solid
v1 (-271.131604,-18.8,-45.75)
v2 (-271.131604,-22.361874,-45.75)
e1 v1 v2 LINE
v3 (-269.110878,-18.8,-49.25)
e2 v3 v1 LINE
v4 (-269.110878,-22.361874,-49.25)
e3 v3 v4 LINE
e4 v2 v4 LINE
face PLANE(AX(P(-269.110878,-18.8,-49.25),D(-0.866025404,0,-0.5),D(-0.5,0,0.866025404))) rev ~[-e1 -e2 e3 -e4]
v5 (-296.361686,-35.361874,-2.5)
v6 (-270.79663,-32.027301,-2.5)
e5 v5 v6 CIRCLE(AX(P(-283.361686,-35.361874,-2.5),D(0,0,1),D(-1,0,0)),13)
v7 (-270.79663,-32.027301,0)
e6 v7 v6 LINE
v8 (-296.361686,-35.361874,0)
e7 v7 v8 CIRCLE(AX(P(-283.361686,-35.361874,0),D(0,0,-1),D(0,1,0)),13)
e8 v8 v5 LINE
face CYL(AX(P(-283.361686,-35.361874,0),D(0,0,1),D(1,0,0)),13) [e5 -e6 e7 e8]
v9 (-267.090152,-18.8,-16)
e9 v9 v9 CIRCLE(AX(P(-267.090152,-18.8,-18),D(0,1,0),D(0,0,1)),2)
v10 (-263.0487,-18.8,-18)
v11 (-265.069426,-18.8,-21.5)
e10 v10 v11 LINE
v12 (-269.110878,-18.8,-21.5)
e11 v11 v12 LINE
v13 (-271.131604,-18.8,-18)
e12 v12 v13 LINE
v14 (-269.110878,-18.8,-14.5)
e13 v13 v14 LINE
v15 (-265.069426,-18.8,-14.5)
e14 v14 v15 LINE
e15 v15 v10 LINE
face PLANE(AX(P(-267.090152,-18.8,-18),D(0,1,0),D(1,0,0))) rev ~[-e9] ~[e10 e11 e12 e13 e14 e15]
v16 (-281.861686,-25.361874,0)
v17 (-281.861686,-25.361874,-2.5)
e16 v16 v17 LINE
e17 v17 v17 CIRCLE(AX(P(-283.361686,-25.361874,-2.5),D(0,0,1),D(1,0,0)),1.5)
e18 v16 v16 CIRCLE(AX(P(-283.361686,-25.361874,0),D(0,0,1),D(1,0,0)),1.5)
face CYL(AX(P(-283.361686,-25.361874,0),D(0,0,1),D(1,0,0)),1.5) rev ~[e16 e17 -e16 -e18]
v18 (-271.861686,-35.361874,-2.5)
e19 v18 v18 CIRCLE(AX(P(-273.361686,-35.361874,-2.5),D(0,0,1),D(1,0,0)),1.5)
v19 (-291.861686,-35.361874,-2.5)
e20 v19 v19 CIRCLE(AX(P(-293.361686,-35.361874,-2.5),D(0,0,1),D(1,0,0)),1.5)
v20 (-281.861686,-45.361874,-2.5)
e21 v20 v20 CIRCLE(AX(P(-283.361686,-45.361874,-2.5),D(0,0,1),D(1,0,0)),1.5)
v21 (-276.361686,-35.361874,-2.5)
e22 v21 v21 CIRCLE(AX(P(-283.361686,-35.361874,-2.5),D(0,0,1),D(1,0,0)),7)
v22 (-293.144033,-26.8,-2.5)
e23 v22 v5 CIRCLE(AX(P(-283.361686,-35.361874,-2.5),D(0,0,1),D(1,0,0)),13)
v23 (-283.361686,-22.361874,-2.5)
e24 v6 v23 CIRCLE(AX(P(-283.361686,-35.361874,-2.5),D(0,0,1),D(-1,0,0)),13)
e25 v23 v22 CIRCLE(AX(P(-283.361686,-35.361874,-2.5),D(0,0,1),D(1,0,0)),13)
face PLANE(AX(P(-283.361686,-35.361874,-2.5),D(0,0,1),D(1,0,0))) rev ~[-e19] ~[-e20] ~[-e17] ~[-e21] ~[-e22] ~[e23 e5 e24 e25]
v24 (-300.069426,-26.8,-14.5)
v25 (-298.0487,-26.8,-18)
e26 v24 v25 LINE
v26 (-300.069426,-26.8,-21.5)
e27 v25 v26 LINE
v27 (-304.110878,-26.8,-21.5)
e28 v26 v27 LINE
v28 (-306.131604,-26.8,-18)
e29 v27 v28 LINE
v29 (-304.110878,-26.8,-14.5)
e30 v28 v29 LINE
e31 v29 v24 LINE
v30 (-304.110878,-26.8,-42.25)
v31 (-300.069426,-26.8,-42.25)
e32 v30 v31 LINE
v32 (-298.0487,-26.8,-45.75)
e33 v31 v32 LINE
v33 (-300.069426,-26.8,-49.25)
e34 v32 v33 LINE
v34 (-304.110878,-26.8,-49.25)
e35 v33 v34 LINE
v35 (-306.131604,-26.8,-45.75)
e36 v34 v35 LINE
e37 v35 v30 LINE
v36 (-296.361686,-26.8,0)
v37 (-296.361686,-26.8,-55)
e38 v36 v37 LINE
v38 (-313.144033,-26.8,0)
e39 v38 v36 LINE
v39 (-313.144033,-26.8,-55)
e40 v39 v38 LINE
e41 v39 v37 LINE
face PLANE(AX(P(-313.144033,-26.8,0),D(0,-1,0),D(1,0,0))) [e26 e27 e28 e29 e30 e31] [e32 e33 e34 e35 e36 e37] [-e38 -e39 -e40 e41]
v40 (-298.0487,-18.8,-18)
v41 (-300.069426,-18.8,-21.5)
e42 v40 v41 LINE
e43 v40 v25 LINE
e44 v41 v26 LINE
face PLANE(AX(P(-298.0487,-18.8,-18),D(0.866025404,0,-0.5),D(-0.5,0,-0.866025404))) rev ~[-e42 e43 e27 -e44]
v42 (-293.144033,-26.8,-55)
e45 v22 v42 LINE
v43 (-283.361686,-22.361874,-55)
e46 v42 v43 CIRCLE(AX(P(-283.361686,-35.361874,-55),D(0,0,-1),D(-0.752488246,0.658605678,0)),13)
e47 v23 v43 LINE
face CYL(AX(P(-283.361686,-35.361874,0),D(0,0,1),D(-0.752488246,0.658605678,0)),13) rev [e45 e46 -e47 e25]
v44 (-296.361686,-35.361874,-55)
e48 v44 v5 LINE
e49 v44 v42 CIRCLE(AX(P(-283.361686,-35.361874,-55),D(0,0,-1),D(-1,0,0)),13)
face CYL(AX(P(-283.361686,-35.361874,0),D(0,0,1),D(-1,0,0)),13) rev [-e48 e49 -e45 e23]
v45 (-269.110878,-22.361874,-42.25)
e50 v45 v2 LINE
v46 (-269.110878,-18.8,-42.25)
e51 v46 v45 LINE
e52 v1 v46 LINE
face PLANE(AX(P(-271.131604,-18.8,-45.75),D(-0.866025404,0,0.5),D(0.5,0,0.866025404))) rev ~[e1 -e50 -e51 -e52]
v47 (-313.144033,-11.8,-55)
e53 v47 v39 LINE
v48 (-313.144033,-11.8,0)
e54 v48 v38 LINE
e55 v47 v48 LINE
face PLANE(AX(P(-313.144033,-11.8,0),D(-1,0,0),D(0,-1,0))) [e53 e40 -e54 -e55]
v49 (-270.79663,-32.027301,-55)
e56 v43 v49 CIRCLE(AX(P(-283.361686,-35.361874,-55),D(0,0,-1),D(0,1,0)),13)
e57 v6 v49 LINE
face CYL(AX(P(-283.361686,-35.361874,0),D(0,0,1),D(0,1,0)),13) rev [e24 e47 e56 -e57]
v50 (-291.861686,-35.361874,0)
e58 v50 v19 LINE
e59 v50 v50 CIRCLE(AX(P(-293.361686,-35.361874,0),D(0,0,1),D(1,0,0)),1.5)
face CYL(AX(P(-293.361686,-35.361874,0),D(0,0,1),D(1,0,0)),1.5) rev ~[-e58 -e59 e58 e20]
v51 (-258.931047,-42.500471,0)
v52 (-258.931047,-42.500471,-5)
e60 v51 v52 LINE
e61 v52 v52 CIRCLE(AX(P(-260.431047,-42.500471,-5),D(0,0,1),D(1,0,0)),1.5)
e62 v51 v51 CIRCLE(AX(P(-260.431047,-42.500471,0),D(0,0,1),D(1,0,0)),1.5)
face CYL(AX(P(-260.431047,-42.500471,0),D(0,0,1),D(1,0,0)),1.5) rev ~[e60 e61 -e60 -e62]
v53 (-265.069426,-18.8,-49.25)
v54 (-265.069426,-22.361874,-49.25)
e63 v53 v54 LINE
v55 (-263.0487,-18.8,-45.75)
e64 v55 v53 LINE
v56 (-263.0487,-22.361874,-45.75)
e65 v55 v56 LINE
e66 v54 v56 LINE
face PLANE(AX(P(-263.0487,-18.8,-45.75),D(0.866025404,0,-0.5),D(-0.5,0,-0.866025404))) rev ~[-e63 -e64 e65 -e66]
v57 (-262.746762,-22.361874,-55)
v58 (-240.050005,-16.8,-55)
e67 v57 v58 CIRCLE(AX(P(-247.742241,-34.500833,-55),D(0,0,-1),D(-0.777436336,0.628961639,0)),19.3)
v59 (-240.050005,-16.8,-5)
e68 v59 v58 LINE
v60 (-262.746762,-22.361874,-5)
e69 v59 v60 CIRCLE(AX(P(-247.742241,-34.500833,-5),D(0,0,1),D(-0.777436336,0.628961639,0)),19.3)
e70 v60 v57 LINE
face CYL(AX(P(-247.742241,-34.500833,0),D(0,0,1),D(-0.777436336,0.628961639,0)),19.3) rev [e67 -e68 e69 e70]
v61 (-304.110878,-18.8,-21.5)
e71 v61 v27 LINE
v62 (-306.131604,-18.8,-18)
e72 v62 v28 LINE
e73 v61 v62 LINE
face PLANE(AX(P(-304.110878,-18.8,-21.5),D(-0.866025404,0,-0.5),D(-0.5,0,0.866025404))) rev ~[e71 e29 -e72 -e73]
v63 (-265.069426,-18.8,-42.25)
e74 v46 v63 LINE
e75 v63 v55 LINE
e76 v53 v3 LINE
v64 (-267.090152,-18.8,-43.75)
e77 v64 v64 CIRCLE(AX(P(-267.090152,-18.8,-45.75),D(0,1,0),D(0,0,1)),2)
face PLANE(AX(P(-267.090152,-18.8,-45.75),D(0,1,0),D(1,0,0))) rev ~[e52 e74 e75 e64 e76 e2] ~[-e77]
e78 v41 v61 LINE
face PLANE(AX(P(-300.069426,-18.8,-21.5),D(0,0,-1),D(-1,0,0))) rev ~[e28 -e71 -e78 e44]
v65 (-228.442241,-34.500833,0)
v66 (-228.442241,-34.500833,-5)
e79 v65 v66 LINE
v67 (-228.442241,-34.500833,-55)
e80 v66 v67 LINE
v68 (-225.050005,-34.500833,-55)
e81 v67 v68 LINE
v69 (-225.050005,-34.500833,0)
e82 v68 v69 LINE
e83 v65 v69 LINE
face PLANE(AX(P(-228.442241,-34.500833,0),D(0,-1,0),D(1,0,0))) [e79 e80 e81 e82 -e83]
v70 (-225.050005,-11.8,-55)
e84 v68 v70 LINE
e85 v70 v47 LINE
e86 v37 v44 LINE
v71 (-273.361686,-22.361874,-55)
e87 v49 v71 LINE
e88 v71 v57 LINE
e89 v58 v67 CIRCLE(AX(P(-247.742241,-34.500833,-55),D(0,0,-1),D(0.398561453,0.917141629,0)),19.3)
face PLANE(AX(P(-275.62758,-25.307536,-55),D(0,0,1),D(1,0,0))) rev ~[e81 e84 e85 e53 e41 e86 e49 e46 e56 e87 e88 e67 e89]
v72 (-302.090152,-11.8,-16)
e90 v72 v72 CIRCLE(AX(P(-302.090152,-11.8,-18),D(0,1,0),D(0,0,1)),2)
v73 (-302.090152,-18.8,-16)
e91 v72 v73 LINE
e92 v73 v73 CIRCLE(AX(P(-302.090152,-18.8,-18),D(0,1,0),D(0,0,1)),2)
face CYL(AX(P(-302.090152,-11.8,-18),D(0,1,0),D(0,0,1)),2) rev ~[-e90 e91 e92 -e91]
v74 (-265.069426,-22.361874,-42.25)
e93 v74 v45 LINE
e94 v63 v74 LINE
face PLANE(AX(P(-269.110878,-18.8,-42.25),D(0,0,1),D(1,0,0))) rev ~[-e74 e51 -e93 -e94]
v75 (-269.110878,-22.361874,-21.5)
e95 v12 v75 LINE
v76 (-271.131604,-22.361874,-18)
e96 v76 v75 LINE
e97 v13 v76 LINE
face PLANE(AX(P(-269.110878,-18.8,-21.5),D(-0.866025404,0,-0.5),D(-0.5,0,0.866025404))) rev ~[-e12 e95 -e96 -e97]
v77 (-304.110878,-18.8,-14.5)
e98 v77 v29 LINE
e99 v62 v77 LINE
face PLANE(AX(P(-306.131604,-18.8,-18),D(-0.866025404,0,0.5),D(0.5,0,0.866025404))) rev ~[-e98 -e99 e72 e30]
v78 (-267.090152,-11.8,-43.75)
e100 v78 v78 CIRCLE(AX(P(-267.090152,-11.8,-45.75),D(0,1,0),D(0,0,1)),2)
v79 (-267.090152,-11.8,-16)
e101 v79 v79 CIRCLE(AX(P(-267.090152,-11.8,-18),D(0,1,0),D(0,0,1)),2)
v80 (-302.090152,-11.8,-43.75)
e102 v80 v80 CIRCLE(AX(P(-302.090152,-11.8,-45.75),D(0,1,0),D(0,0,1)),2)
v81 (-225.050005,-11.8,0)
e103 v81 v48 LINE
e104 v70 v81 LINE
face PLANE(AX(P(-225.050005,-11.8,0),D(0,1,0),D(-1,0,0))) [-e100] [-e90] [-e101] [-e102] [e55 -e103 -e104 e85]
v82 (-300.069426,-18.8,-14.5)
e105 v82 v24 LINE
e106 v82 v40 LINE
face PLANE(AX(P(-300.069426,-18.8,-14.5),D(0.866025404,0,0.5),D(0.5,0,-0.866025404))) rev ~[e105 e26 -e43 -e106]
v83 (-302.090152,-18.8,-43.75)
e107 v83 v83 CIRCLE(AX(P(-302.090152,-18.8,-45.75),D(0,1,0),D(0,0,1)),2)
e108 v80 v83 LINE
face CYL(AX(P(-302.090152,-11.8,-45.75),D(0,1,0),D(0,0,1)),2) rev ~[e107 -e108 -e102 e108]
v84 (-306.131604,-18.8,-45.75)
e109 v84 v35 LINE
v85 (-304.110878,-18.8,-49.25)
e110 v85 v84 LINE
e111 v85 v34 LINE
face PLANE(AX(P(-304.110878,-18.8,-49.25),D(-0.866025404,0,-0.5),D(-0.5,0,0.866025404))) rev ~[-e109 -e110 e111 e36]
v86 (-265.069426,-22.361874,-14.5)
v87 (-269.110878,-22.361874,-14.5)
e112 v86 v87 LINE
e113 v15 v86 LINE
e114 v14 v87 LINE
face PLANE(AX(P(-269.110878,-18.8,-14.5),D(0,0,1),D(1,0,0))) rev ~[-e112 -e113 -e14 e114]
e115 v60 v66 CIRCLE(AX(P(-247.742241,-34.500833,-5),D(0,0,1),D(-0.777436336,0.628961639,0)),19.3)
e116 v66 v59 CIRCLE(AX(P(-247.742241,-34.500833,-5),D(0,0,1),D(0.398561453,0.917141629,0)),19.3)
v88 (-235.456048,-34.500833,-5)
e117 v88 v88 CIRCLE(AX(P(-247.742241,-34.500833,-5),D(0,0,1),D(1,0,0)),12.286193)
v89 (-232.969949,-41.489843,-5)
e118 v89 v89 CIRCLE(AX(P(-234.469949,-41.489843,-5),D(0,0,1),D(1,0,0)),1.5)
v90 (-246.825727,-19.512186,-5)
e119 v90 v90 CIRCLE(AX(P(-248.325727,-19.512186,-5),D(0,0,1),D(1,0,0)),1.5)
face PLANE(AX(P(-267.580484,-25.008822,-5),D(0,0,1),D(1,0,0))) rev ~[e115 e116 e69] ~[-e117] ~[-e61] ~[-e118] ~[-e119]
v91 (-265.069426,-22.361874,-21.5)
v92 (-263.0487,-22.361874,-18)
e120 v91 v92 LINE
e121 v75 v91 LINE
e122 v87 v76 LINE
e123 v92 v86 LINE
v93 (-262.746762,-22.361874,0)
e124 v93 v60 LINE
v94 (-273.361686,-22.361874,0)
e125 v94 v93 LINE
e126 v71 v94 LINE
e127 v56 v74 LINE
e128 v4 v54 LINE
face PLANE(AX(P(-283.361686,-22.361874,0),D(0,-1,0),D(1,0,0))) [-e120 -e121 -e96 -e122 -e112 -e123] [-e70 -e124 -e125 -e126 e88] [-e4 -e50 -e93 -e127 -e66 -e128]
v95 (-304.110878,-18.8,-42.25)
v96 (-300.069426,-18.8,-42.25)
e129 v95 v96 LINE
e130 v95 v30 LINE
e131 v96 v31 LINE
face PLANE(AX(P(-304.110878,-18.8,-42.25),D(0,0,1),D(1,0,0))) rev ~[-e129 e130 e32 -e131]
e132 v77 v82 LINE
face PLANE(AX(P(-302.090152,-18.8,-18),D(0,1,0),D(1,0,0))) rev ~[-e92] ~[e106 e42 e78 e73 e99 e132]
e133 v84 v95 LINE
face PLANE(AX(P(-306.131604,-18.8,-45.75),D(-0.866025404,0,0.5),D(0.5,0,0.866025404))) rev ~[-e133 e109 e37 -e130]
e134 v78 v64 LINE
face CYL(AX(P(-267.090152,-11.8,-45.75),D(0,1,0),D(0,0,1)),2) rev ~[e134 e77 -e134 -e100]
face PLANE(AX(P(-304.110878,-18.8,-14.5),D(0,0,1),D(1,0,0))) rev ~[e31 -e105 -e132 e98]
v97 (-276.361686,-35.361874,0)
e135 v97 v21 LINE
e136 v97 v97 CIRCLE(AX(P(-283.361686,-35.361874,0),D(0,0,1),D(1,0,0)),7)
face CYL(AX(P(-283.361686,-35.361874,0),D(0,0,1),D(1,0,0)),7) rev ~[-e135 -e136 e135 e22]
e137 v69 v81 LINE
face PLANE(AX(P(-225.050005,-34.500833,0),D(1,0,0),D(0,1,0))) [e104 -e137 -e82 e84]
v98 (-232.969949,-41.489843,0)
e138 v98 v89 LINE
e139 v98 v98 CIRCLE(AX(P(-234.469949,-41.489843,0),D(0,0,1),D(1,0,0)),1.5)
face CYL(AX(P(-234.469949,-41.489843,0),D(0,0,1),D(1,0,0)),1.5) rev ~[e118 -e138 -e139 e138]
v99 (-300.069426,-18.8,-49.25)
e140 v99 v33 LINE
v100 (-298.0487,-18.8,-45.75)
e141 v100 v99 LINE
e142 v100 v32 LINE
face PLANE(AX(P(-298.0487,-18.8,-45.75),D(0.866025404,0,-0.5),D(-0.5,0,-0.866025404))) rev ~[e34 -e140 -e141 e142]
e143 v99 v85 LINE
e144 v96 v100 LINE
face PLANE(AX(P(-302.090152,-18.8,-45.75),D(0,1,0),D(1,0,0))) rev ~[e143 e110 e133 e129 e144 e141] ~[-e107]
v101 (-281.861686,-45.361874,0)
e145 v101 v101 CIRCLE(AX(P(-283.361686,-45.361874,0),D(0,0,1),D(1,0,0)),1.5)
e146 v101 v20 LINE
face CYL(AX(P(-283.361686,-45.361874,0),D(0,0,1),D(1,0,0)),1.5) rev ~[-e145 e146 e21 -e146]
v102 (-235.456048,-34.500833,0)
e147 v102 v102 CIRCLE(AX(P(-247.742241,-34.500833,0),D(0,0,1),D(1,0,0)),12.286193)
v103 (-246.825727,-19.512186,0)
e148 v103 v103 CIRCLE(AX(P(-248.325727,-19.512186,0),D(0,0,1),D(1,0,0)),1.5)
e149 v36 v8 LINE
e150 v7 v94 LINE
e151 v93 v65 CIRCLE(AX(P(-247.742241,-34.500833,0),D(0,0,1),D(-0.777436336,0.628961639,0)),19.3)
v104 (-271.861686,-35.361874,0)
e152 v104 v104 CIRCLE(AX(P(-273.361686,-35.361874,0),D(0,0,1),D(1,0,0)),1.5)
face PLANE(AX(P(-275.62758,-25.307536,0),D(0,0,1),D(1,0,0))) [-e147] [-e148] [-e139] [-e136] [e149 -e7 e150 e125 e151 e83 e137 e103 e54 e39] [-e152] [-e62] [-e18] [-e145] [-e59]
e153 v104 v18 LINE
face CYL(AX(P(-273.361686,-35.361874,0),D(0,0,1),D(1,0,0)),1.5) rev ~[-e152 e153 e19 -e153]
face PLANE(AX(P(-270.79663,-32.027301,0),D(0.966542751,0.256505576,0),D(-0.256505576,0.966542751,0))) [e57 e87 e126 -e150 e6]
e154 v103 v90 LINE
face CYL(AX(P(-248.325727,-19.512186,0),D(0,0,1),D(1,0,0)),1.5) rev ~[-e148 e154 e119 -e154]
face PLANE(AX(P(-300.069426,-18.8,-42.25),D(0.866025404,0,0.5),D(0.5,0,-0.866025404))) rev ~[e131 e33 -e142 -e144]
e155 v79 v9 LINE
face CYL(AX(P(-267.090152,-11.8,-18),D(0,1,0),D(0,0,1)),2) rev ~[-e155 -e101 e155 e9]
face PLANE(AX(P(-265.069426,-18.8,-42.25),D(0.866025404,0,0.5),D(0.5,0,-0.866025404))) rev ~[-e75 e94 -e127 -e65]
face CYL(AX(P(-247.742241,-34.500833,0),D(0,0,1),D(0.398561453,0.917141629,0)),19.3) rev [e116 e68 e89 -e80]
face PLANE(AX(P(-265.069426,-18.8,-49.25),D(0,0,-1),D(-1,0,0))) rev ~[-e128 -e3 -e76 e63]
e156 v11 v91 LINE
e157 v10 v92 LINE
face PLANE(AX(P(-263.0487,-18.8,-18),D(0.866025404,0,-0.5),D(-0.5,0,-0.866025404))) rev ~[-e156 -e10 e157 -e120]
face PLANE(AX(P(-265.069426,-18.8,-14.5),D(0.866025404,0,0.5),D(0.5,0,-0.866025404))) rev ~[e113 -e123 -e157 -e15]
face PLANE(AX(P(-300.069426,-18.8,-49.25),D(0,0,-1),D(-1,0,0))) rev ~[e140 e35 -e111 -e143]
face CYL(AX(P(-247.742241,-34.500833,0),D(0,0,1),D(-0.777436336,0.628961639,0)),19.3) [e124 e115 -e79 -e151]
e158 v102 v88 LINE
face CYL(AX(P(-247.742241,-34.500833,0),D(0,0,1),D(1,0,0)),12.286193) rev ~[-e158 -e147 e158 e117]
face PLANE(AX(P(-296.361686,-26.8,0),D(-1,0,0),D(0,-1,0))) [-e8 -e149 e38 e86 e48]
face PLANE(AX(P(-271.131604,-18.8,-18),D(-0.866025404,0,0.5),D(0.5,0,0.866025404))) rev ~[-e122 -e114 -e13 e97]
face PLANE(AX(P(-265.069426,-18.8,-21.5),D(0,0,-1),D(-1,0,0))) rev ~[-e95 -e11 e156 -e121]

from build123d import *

# Parameters (mm, degrees)
SKETCH1_R           = 1.5
SKETCH1_R_2         = 12.286192875
BOSS_EXTRUDE1_DEPTH = 5
SKETCH1_4_R         = 19.3
SKETCH1_4_R_2       = 1.5
SKETCH1_4_R_3       = 12.286192875
BOSS_EXTRUDE2_DEPTH = 5
SKETCH1_5_R         = 13
SKETCH1_5_R_2       = 1.5
SKETCH1_5_R_3       = 7
BOSS_EXTRUDE3_DEPTH = 2.5
BOSS_EXTRUDE4_DEPTH = 55
SKETCH2_R           = 2
CUT_EXTRUDE1_DEPTH  = 321.699634413
CUT_EXTRUDE2_START  = -7
SKETCH2_3_R         = 2
CUT_EXTRUDE2_DEPTH  = 8


with BuildPart() as part:
    # Sketch1 → Boss-Extrude1 (new body)
    with BuildSketch(Plane.XY):
        with BuildLine():
            Line((-225.050004998, -11.8), (-313.144033158, -11.8))
            Line((-313.144033158, -11.8), (-313.144033158, -26.8))
            Line((-313.144033158, -26.8), (-296.361685959, -26.8))
            Line((-296.361685959, -26.8), (-296.361685959, -35.361873818))
            ThreePointArc((-296.361685959, -35.361873818), (-292.554074115, -26.169485663), (-283.361685959, -22.361873818))
            Line((-283.361685959, -22.361873818), (-262.746762324, -22.361873818))
            ThreePointArc((-262.746762324, -22.361873818), (-254.180514838, -52.695300476), (-228.442241035, -34.500833448))
            Line((-228.442241035, -34.500833448), (-225.050004998, -34.500833448))
            Line((-225.050004998, -34.500833448), (-225.050004998, -11.8))
        make_face()
        with Locations((-234.469948601, -41.489842931)):
            Circle(SKETCH1_R, mode=Mode.SUBTRACT)
        with Locations((-248.325727491, -19.512186292)):
            Circle(SKETCH1_R, mode=Mode.SUBTRACT)
        with Locations((-260.431047012, -42.50047112)):
            Circle(SKETCH1_R, mode=Mode.SUBTRACT)
        with Locations((-247.742241035, -34.500833448)):
            Circle(SKETCH1_R_2, mode=Mode.SUBTRACT)
    extrude(amount=-BOSS_EXTRUDE1_DEPTH)

    # Sketch1<4> → Boss-Extrude2 (add)
    # profile 1 of 3: a face of its own
    with BuildSketch(Plane.XY):
        with Locations((-247.742241035, -34.500833448)):
            Circle(SKETCH1_4_R)
        with Locations((-248.325727491, -19.512186292)):
            Circle(SKETCH1_4_R_2, mode=Mode.SUBTRACT)
        with Locations((-260.431047012, -42.50047112)):
            Circle(SKETCH1_4_R_2, mode=Mode.SUBTRACT)
        with Locations((-234.469948601, -41.489842931)):
            Circle(SKETCH1_4_R_2, mode=Mode.SUBTRACT)
        with Locations((-247.742241035, -34.500833448)):
            Circle(SKETCH1_4_R_3, mode=Mode.SUBTRACT)
    # profile 2 of 3: a face of its own
    with BuildSketch(Plane.XY):
        with BuildLine():
            Line((-225.050004998, -16.8), (-225.050004998, -11.8))
            Line((-225.050004998, -11.8), (-313.144033158, -11.8))
            Line((-313.144033158, -11.8), (-313.144033158, -26.8))
            Line((-313.144033158, -26.8), (-296.361685959, -26.8))
            Line((-296.361685959, -26.8), (-293.144033158, -26.8))
            ThreePointArc((-293.144033158, -26.8), (-288.73270264, -23.523285228), (-283.361685959, -22.361873818))
            Line((-283.361685959, -22.361873818), (-273.361685959, -22.361873818))
            Line((-273.361685959, -22.361873818), (-262.746762324, -22.361873818))
            ThreePointArc((-262.746762324, -22.361873818), (-252.335822317, -15.755460392), (-240.050004998, -16.8))
            Line((-240.050004998, -16.8), (-225.050004998, -16.8))
        make_face()
    # profile 3 of 3: a face of its own
    with BuildSketch(Plane.XY):
        with BuildLine():
            Line((-225.050004998, -34.500833448), (-225.050004998, -16.8))
            Line((-225.050004998, -16.8), (-240.050004998, -16.8))
            ThreePointArc((-240.050004998, -16.8), (-231.603000726, -23.917123217), (-228.442241035, -34.500833448))
            Line((-228.442241035, -34.500833448), (-225.050004998, -34.500833448))
        make_face()
    extrude(amount=-BOSS_EXTRUDE2_DEPTH)

    # Sketch1<5> → Boss-Extrude3 (add)
    with BuildSketch(Plane.XY):
        with Locations((-283.361685959, -35.361873818)):
            Circle(SKETCH1_5_R)
        with Locations((-283.361685959, -25.361873818)):
            Circle(SKETCH1_5_R_2, mode=Mode.SUBTRACT)
        with Locations((-293.361685959, -35.361873818)):
            Circle(SKETCH1_5_R_2, mode=Mode.SUBTRACT)
        with Locations((-283.361685959, -45.361873818)):
            Circle(SKETCH1_5_R_2, mode=Mode.SUBTRACT)
        with Locations((-273.361685959, -35.361873818)):
            Circle(SKETCH1_5_R_2, mode=Mode.SUBTRACT)
        with Locations((-283.361685959, -35.361873818)):
            Circle(SKETCH1_5_R_3, mode=Mode.SUBTRACT)
    extrude(amount=-BOSS_EXTRUDE3_DEPTH)

    # Sketch1<6> → Boss-Extrude4 (add)
    with BuildSketch(Plane.XY):
        with BuildLine():
            Line((-270.796630197, -32.027301328), (-273.361685959, -22.361873818))
            Line((-273.361685959, -22.361873818), (-283.361685959, -22.361873818))
            ThreePointArc((-283.361685959, -22.361873818), (-275.435446068, -25.05776196), (-270.796630197, -32.027301328))
        make_face()
        with BuildLine():
            Line((-225.050004998, -34.500833448), (-225.050004998, -16.8))
            Line((-225.050004998, -16.8), (-240.050004998, -16.8))
            ThreePointArc((-240.050004998, -16.8), (-231.603000726, -23.917123217), (-228.442241035, -34.500833448))
            Line((-228.442241035, -34.500833448), (-225.050004998, -34.500833448))
        make_face()
        with BuildLine():
            Line((-293.144033158, -26.8), (-296.361685959, -26.8))
            Line((-296.361685959, -26.8), (-296.361685959, -35.361873818))
            ThreePointArc((-296.361685959, -35.361873818), (-295.530714548, -30.788609863), (-293.144033158, -26.8))
        make_face()
        with BuildLine():
            Line((-225.050004998, -16.8), (-225.050004998, -11.8))
            Line((-225.050004998, -11.8), (-313.144033158, -11.8))
            Line((-313.144033158, -11.8), (-313.144033158, -26.8))
            Line((-313.144033158, -26.8), (-296.361685959, -26.8))
            Line((-296.361685959, -26.8), (-293.144033158, -26.8))
            ThreePointArc((-293.144033158, -26.8), (-288.73270264, -23.523285228), (-283.361685959, -22.361873818))
            Line((-283.361685959, -22.361873818), (-273.361685959, -22.361873818))
            Line((-273.361685959, -22.361873818), (-262.746762324, -22.361873818))
            ThreePointArc((-262.746762324, -22.361873818), (-252.335822317, -15.755460392), (-240.050004998, -16.8))
            Line((-240.050004998, -16.8), (-225.050004998, -16.8))
        make_face()
    extrude(amount=-BOSS_EXTRUDE4_DEPTH)

    # Sketch2 → Cut-Extrude1 (cut, through all)
    with BuildSketch(Plane(origin=(0, -11.8, 0), x_dir=(1, 0, 0), z_dir=(0, 1, 0))):
        with Locations(Location((-302.09015188, 45.75, 0), (0, 0, 270))):
            Circle(SKETCH2_R)
        with Locations(Location((-302.09015188, 18, 0), (0, 0, 270))):
            Circle(SKETCH2_R)
        with Locations(Location((-267.09015188, 18, 0), (0, 0, 270))):
            Circle(SKETCH2_R)
        with Locations(Location((-267.09015188, 45.75, 0), (0, 0, 270))):
            Circle(SKETCH2_R)
    extrude(amount=-CUT_EXTRUDE1_DEPTH, mode=Mode.SUBTRACT)

    # Sketch2<3> → Cut-Extrude2 (cut)
    # profile 1 of 4: a face of its own
    with BuildSketch(Plane(origin=(0, -11.8, 0), x_dir=(1, 0, 0), z_dir=(0, 1, 0)).offset(CUT_EXTRUDE2_START)):
        Polygon((-300.069425938, 42.25), (-298.048699996, 45.75), (-300.069425938, 49.25), (-304.110877823, 49.25), (-306.131603765, 45.75), (-304.110877823, 42.25), align=None)
        with Locations(Location((-302.09015188, 45.75, 0), (0, 0, 270))):
            Circle(SKETCH2_3_R, mode=Mode.SUBTRACT)
    # profile 2 of 4: a face of its own
    with BuildSketch(Plane(origin=(0, -11.8, 0), x_dir=(1, 0, 0), z_dir=(0, 1, 0)).offset(CUT_EXTRUDE2_START)):
        Polygon((-300.069425938, 14.5), (-298.048699996, 18), (-300.069425938, 21.5), (-304.110877823, 21.5), (-306.131603765, 18), (-304.110877823, 14.5), align=None)
        with Locations(Location((-302.09015188, 18, 0), (0, 0, 270))):
            Circle(SKETCH2_3_R, mode=Mode.SUBTRACT)
    # profile 3 of 4: a face of its own
    with BuildSketch(Plane(origin=(0, -11.8, 0), x_dir=(1, 0, 0), z_dir=(0, 1, 0)).offset(CUT_EXTRUDE2_START)):
        Polygon((-269.110877823, 21.5), (-271.131603765, 18), (-269.110877823, 14.5), (-265.069425938, 14.5), (-263.048699996, 18), (-265.069425938, 21.5), align=None)
        with Locations(Location((-267.09015188, 18, 0), (0, 0, 270))):
            Circle(SKETCH2_3_R, mode=Mode.SUBTRACT)
    # profile 4 of 4: a face of its own
    with BuildSketch(Plane(origin=(0, -11.8, 0), x_dir=(1, 0, 0), z_dir=(0, 1, 0)).offset(CUT_EXTRUDE2_START)):
        Polygon((-269.110877823, 42.25), (-265.069425938, 42.25), (-263.048699996, 45.75), (-265.069425938, 49.25), (-269.110877823, 49.25), (-271.131603765, 45.75), align=None)
        with Locations(Location((-267.09015188, 45.75, 0), (0, 0, 270))):
            Circle(SKETCH2_3_R, mode=Mode.SUBTRACT)
    extrude(amount=-CUT_EXTRUDE2_DEPTH, mode=Mode.SUBTRACT)


solid = part.part
